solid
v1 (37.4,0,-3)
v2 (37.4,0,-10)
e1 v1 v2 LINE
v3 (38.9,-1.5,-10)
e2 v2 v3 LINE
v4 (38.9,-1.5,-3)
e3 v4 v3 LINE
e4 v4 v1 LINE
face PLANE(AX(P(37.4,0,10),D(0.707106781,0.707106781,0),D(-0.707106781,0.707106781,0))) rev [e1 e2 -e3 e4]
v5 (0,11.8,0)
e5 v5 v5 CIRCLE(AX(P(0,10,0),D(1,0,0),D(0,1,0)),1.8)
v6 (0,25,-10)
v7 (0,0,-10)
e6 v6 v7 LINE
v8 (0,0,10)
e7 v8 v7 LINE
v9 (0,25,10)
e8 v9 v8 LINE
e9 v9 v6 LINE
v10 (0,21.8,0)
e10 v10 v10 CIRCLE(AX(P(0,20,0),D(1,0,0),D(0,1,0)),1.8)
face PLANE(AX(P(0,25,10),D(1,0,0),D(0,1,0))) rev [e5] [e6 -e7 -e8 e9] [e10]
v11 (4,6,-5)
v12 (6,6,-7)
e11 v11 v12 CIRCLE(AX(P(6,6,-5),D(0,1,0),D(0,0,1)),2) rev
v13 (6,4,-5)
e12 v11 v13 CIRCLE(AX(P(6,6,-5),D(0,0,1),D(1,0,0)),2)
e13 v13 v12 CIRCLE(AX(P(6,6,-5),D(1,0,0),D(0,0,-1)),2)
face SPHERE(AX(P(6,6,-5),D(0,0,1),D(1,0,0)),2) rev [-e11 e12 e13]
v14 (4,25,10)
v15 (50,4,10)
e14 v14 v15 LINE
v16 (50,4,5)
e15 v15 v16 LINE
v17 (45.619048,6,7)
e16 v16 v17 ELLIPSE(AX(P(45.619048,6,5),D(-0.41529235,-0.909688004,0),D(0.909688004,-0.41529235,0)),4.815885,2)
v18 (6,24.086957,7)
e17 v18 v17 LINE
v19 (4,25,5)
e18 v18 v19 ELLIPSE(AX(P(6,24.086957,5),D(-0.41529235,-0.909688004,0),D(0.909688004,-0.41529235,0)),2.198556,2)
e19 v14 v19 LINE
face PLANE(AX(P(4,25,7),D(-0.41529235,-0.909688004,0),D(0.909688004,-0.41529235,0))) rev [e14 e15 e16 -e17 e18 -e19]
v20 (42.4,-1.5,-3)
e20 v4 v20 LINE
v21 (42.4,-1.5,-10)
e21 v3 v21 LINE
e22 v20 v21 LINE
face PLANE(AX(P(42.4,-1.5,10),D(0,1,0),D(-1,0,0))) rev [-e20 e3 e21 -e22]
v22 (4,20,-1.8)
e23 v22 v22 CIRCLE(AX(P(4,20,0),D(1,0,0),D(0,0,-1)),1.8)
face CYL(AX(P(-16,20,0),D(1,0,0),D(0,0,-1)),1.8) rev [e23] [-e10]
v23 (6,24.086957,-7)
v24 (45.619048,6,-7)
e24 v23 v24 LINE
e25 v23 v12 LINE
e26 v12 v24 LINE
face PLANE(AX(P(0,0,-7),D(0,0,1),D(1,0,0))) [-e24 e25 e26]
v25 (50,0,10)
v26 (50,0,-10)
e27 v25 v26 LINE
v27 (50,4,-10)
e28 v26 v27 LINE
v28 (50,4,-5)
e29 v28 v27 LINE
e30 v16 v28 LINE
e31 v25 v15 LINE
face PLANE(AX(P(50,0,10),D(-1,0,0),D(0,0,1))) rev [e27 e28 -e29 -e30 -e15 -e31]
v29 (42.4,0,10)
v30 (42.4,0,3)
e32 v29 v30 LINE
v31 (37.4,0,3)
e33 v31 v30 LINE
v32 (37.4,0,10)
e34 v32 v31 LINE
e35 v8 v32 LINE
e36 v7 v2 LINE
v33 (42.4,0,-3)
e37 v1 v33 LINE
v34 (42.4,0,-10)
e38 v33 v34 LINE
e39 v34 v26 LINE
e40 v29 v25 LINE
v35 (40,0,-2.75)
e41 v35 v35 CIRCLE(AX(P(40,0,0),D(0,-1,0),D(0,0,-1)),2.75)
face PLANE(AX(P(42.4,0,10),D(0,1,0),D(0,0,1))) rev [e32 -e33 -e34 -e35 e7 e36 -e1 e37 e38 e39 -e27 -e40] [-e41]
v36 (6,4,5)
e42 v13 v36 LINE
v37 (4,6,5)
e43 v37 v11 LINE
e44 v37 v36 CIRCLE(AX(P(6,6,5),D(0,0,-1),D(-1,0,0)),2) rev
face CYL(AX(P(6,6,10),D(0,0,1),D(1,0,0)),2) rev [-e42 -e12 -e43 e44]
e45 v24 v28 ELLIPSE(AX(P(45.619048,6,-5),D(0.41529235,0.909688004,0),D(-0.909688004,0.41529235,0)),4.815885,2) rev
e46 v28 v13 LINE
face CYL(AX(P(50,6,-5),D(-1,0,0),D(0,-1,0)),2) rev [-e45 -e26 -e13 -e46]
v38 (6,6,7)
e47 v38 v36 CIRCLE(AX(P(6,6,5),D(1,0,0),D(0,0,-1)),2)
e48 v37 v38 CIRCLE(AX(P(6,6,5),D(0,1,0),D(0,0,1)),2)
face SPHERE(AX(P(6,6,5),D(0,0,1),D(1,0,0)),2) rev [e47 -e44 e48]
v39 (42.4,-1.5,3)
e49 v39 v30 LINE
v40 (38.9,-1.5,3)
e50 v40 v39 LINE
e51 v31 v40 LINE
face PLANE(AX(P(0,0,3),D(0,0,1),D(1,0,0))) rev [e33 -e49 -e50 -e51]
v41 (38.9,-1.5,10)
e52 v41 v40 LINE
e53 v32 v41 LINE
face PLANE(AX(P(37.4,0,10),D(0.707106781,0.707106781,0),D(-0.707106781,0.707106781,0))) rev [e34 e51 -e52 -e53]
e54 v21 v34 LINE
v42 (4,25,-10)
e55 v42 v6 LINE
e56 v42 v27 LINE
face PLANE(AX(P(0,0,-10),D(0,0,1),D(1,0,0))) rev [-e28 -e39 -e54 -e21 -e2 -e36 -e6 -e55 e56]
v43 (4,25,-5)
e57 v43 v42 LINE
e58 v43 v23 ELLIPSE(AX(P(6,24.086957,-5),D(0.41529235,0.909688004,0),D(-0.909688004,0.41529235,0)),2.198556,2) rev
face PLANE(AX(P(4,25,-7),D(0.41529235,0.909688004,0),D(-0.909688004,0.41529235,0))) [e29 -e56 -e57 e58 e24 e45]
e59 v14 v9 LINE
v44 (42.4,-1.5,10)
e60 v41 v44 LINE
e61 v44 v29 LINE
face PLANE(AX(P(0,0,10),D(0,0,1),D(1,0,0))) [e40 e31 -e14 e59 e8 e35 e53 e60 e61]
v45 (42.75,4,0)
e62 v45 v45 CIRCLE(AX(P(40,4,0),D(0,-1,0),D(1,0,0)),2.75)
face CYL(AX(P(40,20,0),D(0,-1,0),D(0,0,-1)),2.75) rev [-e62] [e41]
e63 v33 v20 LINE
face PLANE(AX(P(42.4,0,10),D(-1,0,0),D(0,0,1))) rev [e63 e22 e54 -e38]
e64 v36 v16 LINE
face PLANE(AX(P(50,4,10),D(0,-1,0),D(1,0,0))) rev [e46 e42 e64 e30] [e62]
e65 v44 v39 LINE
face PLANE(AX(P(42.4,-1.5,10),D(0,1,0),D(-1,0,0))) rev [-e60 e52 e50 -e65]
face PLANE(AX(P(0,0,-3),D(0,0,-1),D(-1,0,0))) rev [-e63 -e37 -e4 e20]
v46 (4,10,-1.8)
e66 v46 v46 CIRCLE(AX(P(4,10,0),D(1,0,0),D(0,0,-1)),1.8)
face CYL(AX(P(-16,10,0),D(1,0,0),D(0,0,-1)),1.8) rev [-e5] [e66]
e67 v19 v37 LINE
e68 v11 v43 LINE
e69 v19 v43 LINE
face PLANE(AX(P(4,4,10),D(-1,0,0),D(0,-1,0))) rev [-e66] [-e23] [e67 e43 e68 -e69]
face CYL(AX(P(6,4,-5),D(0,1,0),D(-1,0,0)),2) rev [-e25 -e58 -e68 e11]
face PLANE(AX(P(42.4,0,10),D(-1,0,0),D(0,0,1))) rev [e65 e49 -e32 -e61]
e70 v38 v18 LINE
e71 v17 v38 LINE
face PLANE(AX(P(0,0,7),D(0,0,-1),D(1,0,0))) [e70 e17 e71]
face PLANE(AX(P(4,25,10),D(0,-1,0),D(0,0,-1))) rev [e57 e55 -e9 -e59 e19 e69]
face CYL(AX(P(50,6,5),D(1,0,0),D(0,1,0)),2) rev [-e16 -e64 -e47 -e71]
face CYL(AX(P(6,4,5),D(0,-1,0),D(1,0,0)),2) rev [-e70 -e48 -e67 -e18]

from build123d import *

# Parameters (mm, degrees)
SALIENTE_EXTRUIR1_DEPTH = 10
CROQUIS7_W              = 6
CROQUIS7_H              = 1.5
CORTAR_EXTRUIR3_DEPTH   = 51
CROQUIS3_R              = 2.75
CORTAR_EXTRUIR1_DEPTH   = 20
CROQUIS4_R              = 1.8
CORTAR_EXTRUIR2_DEPTH   = 20
SALIENTE_EXTRUIR2_DEPTH = 3
REDONDEO1_R             = 2


with BuildPart() as part:
    # Croquis1 → Saliente-Extruir1 (new body, symmetric)
    with BuildSketch(Plane.XY):
        Polygon((0, 0), (37.4, 0), (38.9, -1.5), (42.4, -1.5), (42.4, 0), (50, 0), (50, 4), (4, 4), (4, 25), (0, 25), align=None)
    extrude(amount=SALIENTE_EXTRUIR1_DEPTH, both=True)

    # Croquis7 → Cortar-Extruir3 (cut, through all)
    with BuildSketch(Plane(origin=(50, 0, 0), x_dir=(0, 0, -1), z_dir=(1, 0, 0))):
        with Locations((0, -0.75)):
            Rectangle(CROQUIS7_W, CROQUIS7_H)
    extrude(amount=-CORTAR_EXTRUIR3_DEPTH, mode=Mode.SUBTRACT)

    # Croquis3 → Cortar-Extruir1 (cut)
    with BuildSketch(Plane.XZ):
        with Locations((40, 0)):
            Circle(CROQUIS3_R)
    extrude(amount=-CORTAR_EXTRUIR1_DEPTH, mode=Mode.SUBTRACT)

    # Croquis4 → Cortar-Extruir2 (cut)
    with BuildSketch(Plane(origin=(4, 0, 0), x_dir=(0, 0, -1), z_dir=(1, 0, 0))):
        with Locations((0, 20)):
            Circle(CROQUIS4_R)
        with Locations((0, 10)):
            Circle(CROQUIS4_R)
    extrude(amount=-CORTAR_EXTRUIR2_DEPTH, mode=Mode.SUBTRACT)

    # Croquis5 → Saliente-Extruir2 (add)
    with BuildSketch(Plane(origin=(0, 0, -10), x_dir=(-1, 0, 0), z_dir=(0, 0, -1))):
        Polygon((0, 0), (-50, 0), (-50, 4), (-4, 25), (0, 25), align=None)
    saliente_extruir2 = extrude(amount=-SALIENTE_EXTRUIR2_DEPTH)

    # Simetría1: Saliente-Extruir2 across plane
    add(saliente_extruir2.mirror(Plane.XY))

    # Redondeo1
    redondeo1_edges = [part.edges().sort_by_distance(p)[0] for p in [
        (4, 14.5, 7),
        (27, 4, 7),
        (27, 4, -7),
        (4, 14.5, -7),
        (4, 4, 0),
    ]]
    fillet(redondeo1_edges, radius=REDONDEO1_R)


solid = part.part
